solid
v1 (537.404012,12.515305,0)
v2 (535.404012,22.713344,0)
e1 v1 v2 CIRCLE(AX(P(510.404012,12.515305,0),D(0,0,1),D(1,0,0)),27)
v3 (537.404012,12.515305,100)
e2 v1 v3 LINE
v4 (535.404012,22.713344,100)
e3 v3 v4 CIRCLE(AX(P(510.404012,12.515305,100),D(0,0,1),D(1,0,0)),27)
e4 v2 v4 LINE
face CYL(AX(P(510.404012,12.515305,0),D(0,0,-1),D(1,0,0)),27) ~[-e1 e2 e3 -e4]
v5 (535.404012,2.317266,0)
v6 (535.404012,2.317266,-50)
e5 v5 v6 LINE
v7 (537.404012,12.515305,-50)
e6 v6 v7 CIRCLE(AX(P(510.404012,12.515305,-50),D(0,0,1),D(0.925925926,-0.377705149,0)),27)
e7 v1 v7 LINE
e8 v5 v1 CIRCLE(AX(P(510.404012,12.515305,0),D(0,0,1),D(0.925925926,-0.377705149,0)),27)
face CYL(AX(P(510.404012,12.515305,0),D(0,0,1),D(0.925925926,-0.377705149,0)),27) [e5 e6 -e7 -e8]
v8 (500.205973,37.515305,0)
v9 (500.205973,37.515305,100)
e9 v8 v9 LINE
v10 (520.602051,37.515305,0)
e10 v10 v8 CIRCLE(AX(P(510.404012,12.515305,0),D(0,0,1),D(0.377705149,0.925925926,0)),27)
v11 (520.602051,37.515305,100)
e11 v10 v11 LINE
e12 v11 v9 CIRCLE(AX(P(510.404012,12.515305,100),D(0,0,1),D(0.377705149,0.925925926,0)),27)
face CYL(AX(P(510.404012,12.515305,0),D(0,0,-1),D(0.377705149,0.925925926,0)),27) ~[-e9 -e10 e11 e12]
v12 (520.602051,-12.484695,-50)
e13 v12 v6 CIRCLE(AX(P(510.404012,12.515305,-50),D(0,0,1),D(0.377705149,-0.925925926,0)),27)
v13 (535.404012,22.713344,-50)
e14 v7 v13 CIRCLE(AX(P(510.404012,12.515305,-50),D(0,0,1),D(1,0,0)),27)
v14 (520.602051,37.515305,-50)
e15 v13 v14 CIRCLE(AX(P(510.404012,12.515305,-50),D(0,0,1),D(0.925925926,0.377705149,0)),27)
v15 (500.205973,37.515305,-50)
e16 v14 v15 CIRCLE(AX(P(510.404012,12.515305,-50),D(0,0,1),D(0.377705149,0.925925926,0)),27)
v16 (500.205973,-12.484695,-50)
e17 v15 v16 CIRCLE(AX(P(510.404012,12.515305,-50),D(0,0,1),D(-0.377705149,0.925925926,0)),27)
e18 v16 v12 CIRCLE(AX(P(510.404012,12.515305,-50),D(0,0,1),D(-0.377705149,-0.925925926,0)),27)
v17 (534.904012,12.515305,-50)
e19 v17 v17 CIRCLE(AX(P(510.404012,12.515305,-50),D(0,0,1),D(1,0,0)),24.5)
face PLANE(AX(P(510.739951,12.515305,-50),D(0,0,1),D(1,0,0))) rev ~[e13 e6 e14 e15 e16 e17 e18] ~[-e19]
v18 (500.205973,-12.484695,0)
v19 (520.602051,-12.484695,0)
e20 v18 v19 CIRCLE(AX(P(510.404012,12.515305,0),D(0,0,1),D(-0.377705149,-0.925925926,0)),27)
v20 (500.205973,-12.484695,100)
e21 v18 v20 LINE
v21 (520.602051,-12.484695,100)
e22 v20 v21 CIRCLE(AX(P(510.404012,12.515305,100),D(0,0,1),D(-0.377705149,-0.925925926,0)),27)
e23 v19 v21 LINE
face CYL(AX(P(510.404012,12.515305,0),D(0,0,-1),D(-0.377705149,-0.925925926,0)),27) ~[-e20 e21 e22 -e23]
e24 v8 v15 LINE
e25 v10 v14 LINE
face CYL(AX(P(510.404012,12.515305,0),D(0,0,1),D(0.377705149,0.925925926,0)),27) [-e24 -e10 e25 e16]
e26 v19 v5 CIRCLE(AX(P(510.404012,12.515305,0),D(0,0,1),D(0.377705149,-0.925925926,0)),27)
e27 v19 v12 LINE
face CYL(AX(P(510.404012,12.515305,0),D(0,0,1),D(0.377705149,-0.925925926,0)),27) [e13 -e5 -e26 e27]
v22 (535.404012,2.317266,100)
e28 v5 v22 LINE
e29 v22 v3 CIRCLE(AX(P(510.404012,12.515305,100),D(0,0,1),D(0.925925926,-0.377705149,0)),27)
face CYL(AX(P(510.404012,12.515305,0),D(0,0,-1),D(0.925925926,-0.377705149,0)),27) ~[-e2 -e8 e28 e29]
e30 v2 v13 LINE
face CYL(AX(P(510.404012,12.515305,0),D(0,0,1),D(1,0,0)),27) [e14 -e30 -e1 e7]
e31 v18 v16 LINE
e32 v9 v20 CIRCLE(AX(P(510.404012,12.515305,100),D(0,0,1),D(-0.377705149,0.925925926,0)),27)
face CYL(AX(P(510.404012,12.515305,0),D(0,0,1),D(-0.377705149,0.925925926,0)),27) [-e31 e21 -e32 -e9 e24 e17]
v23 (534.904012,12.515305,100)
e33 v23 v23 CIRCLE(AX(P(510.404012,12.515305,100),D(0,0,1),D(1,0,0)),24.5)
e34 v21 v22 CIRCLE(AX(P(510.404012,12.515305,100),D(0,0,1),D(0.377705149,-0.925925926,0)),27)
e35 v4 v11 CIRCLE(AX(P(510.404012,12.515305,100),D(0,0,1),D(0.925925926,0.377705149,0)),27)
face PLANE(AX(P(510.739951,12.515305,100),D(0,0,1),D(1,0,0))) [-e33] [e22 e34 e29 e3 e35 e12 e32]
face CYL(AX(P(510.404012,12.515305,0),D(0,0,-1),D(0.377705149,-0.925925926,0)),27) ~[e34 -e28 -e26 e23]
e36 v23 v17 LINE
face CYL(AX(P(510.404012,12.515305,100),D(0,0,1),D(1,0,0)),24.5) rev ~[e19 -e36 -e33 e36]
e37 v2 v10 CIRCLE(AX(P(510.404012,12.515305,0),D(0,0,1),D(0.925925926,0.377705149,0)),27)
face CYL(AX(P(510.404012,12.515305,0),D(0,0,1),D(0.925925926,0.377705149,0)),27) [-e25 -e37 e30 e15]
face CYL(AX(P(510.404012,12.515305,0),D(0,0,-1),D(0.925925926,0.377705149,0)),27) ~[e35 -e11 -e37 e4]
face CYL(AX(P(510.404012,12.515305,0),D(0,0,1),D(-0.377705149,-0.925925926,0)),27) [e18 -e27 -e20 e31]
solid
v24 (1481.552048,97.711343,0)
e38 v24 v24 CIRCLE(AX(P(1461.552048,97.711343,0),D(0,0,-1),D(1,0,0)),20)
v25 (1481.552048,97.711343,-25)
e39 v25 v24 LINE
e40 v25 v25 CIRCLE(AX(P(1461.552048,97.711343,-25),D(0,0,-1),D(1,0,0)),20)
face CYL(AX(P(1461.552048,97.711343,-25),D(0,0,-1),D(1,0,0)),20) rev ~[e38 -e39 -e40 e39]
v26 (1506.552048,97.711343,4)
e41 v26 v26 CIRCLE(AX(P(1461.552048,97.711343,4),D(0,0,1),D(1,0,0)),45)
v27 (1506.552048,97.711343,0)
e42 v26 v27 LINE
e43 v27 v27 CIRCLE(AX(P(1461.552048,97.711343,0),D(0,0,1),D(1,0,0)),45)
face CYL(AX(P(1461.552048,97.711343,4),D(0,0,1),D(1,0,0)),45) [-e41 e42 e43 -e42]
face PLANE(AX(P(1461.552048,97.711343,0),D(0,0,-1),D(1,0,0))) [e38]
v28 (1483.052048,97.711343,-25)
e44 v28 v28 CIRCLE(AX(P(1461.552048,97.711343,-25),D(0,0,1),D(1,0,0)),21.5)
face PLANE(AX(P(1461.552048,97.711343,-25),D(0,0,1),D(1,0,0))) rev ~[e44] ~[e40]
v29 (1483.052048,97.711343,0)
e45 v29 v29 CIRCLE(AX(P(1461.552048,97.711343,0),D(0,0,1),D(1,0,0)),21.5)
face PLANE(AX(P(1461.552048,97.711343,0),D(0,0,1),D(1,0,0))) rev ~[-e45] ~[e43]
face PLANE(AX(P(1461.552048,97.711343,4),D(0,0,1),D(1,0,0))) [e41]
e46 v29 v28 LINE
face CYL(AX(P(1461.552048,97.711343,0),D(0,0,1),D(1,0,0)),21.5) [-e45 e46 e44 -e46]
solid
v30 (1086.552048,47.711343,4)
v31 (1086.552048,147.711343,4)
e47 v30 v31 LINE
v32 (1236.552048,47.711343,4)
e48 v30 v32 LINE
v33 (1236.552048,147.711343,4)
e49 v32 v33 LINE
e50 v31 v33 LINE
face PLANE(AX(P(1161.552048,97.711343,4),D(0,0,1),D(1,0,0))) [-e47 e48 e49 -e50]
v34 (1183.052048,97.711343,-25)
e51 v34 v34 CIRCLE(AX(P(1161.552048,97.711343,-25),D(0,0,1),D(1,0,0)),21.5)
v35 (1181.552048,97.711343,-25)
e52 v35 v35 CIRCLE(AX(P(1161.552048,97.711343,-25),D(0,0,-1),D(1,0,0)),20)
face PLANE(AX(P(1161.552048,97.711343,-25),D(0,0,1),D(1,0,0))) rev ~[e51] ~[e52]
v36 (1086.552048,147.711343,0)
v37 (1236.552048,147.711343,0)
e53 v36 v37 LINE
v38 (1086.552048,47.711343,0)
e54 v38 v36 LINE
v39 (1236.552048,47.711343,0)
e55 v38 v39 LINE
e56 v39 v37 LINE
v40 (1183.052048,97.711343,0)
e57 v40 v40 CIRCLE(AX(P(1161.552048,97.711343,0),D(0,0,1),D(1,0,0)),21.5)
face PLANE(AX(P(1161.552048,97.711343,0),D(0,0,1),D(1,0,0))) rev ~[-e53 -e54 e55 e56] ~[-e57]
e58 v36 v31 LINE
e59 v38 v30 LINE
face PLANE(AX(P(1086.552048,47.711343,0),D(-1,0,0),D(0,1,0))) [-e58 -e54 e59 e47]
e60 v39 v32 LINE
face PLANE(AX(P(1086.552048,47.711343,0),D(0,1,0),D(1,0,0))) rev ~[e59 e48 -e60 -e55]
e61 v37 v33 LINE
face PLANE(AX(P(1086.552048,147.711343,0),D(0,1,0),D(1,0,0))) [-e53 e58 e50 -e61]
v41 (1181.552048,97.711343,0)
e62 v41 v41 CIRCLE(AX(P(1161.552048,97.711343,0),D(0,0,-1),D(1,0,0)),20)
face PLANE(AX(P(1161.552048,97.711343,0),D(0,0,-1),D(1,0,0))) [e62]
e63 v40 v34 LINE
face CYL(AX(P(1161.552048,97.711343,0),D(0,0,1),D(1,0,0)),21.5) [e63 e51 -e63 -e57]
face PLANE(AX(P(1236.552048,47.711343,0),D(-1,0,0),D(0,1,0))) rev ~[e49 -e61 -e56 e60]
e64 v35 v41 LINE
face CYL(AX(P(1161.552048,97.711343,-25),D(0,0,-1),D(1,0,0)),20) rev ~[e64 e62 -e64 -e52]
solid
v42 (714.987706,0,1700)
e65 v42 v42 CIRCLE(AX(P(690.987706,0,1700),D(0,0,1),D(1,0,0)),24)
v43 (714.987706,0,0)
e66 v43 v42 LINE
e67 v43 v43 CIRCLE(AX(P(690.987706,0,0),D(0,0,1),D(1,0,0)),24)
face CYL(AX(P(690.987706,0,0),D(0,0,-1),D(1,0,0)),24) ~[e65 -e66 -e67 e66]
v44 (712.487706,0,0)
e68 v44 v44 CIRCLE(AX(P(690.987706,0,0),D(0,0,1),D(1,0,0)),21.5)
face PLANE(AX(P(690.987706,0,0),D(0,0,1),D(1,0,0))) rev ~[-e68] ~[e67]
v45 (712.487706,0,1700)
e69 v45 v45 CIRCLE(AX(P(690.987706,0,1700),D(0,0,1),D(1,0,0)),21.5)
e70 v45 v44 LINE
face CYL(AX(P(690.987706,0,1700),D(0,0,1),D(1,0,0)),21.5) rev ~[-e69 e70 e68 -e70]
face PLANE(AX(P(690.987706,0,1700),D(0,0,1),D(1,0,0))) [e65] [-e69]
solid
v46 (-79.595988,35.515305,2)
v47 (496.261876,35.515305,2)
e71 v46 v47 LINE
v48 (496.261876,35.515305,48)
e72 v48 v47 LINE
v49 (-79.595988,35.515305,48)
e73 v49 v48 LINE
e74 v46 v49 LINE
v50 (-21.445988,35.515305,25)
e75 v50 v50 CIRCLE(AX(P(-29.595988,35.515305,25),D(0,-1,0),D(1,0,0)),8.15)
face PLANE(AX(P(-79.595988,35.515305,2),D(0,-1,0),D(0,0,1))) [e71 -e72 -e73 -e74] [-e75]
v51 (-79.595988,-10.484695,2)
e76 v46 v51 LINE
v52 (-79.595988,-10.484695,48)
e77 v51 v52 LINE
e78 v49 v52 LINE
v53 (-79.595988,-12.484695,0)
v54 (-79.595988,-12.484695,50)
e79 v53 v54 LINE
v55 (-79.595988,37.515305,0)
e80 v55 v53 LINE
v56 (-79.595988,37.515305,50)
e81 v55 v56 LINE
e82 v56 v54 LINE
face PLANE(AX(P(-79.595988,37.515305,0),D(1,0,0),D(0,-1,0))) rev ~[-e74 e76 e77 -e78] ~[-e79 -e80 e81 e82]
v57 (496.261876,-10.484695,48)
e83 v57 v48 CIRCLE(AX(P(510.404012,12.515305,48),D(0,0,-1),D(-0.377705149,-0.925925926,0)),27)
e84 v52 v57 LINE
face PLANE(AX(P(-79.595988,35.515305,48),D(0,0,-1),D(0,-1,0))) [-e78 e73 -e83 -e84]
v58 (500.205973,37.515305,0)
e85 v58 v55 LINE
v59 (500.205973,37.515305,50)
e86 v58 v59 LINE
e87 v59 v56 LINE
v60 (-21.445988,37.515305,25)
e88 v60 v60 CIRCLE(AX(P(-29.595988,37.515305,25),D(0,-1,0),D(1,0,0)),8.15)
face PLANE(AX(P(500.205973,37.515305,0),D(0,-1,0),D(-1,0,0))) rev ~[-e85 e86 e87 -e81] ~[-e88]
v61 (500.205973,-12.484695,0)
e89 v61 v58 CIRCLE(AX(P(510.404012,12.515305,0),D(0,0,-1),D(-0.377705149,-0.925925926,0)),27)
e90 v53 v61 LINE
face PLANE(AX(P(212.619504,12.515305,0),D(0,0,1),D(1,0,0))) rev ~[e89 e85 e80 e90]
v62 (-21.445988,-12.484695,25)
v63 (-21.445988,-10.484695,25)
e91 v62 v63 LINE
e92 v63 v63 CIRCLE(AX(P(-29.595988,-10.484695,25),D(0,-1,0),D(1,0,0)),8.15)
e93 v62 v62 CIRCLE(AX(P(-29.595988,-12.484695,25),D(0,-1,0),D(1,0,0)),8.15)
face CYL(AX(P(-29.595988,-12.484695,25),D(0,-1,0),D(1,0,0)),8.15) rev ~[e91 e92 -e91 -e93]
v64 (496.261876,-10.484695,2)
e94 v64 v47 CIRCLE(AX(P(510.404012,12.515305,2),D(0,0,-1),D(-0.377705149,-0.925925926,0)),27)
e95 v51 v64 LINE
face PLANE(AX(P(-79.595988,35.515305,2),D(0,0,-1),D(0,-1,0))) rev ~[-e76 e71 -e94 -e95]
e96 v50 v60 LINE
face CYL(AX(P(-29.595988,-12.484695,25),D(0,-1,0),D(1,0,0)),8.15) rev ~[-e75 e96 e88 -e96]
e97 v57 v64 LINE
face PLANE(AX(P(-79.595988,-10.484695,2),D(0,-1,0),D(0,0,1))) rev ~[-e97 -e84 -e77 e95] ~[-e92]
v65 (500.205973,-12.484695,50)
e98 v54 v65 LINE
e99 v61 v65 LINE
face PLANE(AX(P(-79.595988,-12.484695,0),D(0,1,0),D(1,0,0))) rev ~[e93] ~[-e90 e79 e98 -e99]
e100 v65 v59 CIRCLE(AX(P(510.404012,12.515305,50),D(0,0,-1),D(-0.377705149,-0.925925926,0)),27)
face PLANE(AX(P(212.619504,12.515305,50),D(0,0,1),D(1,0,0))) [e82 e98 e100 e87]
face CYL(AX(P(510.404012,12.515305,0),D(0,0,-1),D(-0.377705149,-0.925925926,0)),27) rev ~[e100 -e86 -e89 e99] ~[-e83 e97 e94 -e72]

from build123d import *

# Parameters (mm, degrees)
F1_DEPTH      = 50
F2_R          = 8.15
F3_DEPTH      = 50.001
F4_DEPTH      = 100
F4_DEPTH_BACK = 50
F5_R          = 24.5
F6_DEPTH      = 150.001
F7_R          = 24
F8_DEPTH      = 1700
F9_R          = 21.5
F10_DEPTH     = 1750.001
F11_W         = 150
F11_H         = 100
F11_R         = 21.5
F12_DEPTH     = 4
F13_DEPTH     = 25
F14_R         = 20
F15_DEPTH     = 25
F17_W         = 150
F17_H         = 100
F17_R         = 45
F18_DEPTH     = 54.001
F19_W         = 46
F19_H         = 46
F20_DEPTH     = 1586.1490357498
F21_DEPTH     = 150.001


with BuildPart() as f1:
    # F0 (on Top) → F1 (new body)
    with BuildSketch(Plane.XY):
        with BuildLine():
            Line((500.2059729525, 37.515304536), (-79.5959880203, 37.515304536))
            Line((-79.5959880203, 37.515304536), (-79.5959880203, -12.484695464))
            Line((-79.5959880203, -12.484695464), (500.2059729525, -12.484695464))
            ThreePointArc((500.2059729525, -12.484695464), (483.4040119797, 12.515304536), (500.2059729525, 37.515304536))
        make_face()
    extrude(amount=F1_DEPTH)

    # F2 (on face) → F3 (cut, through all)
    with BuildSketch(Plane.XZ.offset(12.484695464)):
        with Locations((-29.5959880203, 25)):
            Circle(F2_R)
    extrude(amount=-F3_DEPTH, mode=Mode.SUBTRACT)

    # F19 (on face) → F20 (cut, through all)
    with BuildSketch(Plane(origin=(-79.5959880203, 0, 0), x_dir=(0, -1, 0), z_dir=(-1, 0, 0))):
        with Locations((-12.515304536, 25)):
            Rectangle(F19_W, F19_H)
    extrude(amount=-F20_DEPTH, mode=Mode.SUBTRACT)

    # F5 (on face) → F21 (cut, through all)
    with BuildSketch(Plane.XY.offset(100)):
        with Locations((510.4040119797, 12.515304536)):
            Circle(F5_R)
    extrude(amount=-F21_DEPTH, mode=Mode.SUBTRACT)


with BuildPart() as f4:
    # F0 (on Top) → F4 (new body, two sides)
    with BuildSketch(Plane.XY) as f4_sk:
        with BuildLine():
            Line((520.6020510069, 37.515304536), (500.2059729525, 37.515304536))
            ThreePointArc((500.2059729525, 37.515304536), (483.4040119797, 12.515304536), (500.2059729525, -12.484695464))
            Line((500.2059729525, -12.484695464), (520.6020510069, -12.484695464))
            ThreePointArc((520.6020510069, -12.484695464), (529.4958950717, -6.576578556), (535.4040119797, 2.3172655088))
            Line((535.4040119797, 2.3172655088), (535.4040119797, 22.7133435632))
            ThreePointArc((535.4040119797, 22.7133435632), (529.4958950717, 31.6071876281), (520.6020510069, 37.515304536))
        make_face()
        with BuildLine():
            Line((520.6020510069, -12.484695464), (500.2059729525, -12.484695464))
            ThreePointArc((500.2059729525, -12.484695464), (510.4040119797, -14.484695464), (520.6020510069, -12.484695464))
        make_face()
        with BuildLine():
            ThreePointArc((537.4040119797, 12.515304536), (536.8992945787, 17.7114569587), (535.4040119797, 22.7133435632))
            Line((535.4040119797, 22.7133435632), (535.4040119797, 2.3172655088))
            ThreePointArc((535.4040119797, 2.3172655088), (536.8992945787, 7.3191521133), (537.4040119797, 12.515304536))
        make_face()
        with BuildLine():
            ThreePointArc((520.6020510069, 37.515304536), (510.4040119797, 39.515304536), (500.2059729525, 37.515304536))
            Line((500.2059729525, 37.515304536), (520.6020510069, 37.515304536))
        make_face()
    extrude(amount=F4_DEPTH)
    extrude(f4_sk.sketch, amount=-F4_DEPTH_BACK)

    # F5 (on face) → F6 (cut, through all)
    with BuildSketch(Plane.XY.offset(100)):
        with Locations((510.4040119797, 12.515304536)):
            Circle(F5_R)
    extrude(amount=-F6_DEPTH, mode=Mode.SUBTRACT)


with BuildPart() as f8:
    # F7 (on Top) → F8 (new body)
    with BuildSketch(Plane.XY):
        with Locations((690.9877061844, 0)):
            Circle(F7_R)
    extrude(amount=F8_DEPTH)

    # F9 (on face) → F10 (cut, through all)
    with BuildSketch(Plane.XY.offset(1700)):
        with Locations((690.9877061844, 0)):
            Circle(F9_R)
    extrude(amount=-F10_DEPTH, mode=Mode.SUBTRACT)


with BuildPart() as f12:
    # F11 (on Top) → F12 (new body)
    with BuildSketch(Plane.XY):
        with Locations((1161.5520477295, 97.7113426873)):
            Rectangle(F11_W, F11_H)
        with Locations((1161.5520477295, 97.7113426873)):
            Circle(F11_R, mode=Mode.SUBTRACT)
        with Locations((1161.5520477295, 97.7113426873)):
            Circle(F11_R)
    extrude(amount=F12_DEPTH)

    # F11 (on Top) → F13 (join)
    with BuildSketch(Plane.XY):
        with Locations((1161.5520477295, 97.7113426873)):
            Circle(F11_R)
    extrude(amount=-F13_DEPTH)

    # F14 (on face) → F15 (cut)
    with BuildSketch(Plane(origin=(0, 0, -25), x_dir=(1, 0, 0), z_dir=(0, 0, -1))):
        with Locations((1161.5520477295, -97.7113426873)):
            Circle(F14_R)
    extrude(amount=-F15_DEPTH, mode=Mode.SUBTRACT)


with BuildPart() as f16_1:
    # F16: copy of F12
    add(f12.part.moved(Location((300, 0, 0))))

    # F17 (on face) → F18 (cut, through all)
    with BuildSketch(Plane.XY.offset(4)):
        with Locations((1461.5520477295, 97.7113426873)):
            Rectangle(F17_W, F17_H)
        with Locations((1461.5520477295, 97.7113426873)):
            Circle(F17_R, mode=Mode.SUBTRACT)
    extrude(amount=-F18_DEPTH, mode=Mode.SUBTRACT)


solid = Compound([f1.part, f4.part, f8.part, f12.part, f16_1.part])
